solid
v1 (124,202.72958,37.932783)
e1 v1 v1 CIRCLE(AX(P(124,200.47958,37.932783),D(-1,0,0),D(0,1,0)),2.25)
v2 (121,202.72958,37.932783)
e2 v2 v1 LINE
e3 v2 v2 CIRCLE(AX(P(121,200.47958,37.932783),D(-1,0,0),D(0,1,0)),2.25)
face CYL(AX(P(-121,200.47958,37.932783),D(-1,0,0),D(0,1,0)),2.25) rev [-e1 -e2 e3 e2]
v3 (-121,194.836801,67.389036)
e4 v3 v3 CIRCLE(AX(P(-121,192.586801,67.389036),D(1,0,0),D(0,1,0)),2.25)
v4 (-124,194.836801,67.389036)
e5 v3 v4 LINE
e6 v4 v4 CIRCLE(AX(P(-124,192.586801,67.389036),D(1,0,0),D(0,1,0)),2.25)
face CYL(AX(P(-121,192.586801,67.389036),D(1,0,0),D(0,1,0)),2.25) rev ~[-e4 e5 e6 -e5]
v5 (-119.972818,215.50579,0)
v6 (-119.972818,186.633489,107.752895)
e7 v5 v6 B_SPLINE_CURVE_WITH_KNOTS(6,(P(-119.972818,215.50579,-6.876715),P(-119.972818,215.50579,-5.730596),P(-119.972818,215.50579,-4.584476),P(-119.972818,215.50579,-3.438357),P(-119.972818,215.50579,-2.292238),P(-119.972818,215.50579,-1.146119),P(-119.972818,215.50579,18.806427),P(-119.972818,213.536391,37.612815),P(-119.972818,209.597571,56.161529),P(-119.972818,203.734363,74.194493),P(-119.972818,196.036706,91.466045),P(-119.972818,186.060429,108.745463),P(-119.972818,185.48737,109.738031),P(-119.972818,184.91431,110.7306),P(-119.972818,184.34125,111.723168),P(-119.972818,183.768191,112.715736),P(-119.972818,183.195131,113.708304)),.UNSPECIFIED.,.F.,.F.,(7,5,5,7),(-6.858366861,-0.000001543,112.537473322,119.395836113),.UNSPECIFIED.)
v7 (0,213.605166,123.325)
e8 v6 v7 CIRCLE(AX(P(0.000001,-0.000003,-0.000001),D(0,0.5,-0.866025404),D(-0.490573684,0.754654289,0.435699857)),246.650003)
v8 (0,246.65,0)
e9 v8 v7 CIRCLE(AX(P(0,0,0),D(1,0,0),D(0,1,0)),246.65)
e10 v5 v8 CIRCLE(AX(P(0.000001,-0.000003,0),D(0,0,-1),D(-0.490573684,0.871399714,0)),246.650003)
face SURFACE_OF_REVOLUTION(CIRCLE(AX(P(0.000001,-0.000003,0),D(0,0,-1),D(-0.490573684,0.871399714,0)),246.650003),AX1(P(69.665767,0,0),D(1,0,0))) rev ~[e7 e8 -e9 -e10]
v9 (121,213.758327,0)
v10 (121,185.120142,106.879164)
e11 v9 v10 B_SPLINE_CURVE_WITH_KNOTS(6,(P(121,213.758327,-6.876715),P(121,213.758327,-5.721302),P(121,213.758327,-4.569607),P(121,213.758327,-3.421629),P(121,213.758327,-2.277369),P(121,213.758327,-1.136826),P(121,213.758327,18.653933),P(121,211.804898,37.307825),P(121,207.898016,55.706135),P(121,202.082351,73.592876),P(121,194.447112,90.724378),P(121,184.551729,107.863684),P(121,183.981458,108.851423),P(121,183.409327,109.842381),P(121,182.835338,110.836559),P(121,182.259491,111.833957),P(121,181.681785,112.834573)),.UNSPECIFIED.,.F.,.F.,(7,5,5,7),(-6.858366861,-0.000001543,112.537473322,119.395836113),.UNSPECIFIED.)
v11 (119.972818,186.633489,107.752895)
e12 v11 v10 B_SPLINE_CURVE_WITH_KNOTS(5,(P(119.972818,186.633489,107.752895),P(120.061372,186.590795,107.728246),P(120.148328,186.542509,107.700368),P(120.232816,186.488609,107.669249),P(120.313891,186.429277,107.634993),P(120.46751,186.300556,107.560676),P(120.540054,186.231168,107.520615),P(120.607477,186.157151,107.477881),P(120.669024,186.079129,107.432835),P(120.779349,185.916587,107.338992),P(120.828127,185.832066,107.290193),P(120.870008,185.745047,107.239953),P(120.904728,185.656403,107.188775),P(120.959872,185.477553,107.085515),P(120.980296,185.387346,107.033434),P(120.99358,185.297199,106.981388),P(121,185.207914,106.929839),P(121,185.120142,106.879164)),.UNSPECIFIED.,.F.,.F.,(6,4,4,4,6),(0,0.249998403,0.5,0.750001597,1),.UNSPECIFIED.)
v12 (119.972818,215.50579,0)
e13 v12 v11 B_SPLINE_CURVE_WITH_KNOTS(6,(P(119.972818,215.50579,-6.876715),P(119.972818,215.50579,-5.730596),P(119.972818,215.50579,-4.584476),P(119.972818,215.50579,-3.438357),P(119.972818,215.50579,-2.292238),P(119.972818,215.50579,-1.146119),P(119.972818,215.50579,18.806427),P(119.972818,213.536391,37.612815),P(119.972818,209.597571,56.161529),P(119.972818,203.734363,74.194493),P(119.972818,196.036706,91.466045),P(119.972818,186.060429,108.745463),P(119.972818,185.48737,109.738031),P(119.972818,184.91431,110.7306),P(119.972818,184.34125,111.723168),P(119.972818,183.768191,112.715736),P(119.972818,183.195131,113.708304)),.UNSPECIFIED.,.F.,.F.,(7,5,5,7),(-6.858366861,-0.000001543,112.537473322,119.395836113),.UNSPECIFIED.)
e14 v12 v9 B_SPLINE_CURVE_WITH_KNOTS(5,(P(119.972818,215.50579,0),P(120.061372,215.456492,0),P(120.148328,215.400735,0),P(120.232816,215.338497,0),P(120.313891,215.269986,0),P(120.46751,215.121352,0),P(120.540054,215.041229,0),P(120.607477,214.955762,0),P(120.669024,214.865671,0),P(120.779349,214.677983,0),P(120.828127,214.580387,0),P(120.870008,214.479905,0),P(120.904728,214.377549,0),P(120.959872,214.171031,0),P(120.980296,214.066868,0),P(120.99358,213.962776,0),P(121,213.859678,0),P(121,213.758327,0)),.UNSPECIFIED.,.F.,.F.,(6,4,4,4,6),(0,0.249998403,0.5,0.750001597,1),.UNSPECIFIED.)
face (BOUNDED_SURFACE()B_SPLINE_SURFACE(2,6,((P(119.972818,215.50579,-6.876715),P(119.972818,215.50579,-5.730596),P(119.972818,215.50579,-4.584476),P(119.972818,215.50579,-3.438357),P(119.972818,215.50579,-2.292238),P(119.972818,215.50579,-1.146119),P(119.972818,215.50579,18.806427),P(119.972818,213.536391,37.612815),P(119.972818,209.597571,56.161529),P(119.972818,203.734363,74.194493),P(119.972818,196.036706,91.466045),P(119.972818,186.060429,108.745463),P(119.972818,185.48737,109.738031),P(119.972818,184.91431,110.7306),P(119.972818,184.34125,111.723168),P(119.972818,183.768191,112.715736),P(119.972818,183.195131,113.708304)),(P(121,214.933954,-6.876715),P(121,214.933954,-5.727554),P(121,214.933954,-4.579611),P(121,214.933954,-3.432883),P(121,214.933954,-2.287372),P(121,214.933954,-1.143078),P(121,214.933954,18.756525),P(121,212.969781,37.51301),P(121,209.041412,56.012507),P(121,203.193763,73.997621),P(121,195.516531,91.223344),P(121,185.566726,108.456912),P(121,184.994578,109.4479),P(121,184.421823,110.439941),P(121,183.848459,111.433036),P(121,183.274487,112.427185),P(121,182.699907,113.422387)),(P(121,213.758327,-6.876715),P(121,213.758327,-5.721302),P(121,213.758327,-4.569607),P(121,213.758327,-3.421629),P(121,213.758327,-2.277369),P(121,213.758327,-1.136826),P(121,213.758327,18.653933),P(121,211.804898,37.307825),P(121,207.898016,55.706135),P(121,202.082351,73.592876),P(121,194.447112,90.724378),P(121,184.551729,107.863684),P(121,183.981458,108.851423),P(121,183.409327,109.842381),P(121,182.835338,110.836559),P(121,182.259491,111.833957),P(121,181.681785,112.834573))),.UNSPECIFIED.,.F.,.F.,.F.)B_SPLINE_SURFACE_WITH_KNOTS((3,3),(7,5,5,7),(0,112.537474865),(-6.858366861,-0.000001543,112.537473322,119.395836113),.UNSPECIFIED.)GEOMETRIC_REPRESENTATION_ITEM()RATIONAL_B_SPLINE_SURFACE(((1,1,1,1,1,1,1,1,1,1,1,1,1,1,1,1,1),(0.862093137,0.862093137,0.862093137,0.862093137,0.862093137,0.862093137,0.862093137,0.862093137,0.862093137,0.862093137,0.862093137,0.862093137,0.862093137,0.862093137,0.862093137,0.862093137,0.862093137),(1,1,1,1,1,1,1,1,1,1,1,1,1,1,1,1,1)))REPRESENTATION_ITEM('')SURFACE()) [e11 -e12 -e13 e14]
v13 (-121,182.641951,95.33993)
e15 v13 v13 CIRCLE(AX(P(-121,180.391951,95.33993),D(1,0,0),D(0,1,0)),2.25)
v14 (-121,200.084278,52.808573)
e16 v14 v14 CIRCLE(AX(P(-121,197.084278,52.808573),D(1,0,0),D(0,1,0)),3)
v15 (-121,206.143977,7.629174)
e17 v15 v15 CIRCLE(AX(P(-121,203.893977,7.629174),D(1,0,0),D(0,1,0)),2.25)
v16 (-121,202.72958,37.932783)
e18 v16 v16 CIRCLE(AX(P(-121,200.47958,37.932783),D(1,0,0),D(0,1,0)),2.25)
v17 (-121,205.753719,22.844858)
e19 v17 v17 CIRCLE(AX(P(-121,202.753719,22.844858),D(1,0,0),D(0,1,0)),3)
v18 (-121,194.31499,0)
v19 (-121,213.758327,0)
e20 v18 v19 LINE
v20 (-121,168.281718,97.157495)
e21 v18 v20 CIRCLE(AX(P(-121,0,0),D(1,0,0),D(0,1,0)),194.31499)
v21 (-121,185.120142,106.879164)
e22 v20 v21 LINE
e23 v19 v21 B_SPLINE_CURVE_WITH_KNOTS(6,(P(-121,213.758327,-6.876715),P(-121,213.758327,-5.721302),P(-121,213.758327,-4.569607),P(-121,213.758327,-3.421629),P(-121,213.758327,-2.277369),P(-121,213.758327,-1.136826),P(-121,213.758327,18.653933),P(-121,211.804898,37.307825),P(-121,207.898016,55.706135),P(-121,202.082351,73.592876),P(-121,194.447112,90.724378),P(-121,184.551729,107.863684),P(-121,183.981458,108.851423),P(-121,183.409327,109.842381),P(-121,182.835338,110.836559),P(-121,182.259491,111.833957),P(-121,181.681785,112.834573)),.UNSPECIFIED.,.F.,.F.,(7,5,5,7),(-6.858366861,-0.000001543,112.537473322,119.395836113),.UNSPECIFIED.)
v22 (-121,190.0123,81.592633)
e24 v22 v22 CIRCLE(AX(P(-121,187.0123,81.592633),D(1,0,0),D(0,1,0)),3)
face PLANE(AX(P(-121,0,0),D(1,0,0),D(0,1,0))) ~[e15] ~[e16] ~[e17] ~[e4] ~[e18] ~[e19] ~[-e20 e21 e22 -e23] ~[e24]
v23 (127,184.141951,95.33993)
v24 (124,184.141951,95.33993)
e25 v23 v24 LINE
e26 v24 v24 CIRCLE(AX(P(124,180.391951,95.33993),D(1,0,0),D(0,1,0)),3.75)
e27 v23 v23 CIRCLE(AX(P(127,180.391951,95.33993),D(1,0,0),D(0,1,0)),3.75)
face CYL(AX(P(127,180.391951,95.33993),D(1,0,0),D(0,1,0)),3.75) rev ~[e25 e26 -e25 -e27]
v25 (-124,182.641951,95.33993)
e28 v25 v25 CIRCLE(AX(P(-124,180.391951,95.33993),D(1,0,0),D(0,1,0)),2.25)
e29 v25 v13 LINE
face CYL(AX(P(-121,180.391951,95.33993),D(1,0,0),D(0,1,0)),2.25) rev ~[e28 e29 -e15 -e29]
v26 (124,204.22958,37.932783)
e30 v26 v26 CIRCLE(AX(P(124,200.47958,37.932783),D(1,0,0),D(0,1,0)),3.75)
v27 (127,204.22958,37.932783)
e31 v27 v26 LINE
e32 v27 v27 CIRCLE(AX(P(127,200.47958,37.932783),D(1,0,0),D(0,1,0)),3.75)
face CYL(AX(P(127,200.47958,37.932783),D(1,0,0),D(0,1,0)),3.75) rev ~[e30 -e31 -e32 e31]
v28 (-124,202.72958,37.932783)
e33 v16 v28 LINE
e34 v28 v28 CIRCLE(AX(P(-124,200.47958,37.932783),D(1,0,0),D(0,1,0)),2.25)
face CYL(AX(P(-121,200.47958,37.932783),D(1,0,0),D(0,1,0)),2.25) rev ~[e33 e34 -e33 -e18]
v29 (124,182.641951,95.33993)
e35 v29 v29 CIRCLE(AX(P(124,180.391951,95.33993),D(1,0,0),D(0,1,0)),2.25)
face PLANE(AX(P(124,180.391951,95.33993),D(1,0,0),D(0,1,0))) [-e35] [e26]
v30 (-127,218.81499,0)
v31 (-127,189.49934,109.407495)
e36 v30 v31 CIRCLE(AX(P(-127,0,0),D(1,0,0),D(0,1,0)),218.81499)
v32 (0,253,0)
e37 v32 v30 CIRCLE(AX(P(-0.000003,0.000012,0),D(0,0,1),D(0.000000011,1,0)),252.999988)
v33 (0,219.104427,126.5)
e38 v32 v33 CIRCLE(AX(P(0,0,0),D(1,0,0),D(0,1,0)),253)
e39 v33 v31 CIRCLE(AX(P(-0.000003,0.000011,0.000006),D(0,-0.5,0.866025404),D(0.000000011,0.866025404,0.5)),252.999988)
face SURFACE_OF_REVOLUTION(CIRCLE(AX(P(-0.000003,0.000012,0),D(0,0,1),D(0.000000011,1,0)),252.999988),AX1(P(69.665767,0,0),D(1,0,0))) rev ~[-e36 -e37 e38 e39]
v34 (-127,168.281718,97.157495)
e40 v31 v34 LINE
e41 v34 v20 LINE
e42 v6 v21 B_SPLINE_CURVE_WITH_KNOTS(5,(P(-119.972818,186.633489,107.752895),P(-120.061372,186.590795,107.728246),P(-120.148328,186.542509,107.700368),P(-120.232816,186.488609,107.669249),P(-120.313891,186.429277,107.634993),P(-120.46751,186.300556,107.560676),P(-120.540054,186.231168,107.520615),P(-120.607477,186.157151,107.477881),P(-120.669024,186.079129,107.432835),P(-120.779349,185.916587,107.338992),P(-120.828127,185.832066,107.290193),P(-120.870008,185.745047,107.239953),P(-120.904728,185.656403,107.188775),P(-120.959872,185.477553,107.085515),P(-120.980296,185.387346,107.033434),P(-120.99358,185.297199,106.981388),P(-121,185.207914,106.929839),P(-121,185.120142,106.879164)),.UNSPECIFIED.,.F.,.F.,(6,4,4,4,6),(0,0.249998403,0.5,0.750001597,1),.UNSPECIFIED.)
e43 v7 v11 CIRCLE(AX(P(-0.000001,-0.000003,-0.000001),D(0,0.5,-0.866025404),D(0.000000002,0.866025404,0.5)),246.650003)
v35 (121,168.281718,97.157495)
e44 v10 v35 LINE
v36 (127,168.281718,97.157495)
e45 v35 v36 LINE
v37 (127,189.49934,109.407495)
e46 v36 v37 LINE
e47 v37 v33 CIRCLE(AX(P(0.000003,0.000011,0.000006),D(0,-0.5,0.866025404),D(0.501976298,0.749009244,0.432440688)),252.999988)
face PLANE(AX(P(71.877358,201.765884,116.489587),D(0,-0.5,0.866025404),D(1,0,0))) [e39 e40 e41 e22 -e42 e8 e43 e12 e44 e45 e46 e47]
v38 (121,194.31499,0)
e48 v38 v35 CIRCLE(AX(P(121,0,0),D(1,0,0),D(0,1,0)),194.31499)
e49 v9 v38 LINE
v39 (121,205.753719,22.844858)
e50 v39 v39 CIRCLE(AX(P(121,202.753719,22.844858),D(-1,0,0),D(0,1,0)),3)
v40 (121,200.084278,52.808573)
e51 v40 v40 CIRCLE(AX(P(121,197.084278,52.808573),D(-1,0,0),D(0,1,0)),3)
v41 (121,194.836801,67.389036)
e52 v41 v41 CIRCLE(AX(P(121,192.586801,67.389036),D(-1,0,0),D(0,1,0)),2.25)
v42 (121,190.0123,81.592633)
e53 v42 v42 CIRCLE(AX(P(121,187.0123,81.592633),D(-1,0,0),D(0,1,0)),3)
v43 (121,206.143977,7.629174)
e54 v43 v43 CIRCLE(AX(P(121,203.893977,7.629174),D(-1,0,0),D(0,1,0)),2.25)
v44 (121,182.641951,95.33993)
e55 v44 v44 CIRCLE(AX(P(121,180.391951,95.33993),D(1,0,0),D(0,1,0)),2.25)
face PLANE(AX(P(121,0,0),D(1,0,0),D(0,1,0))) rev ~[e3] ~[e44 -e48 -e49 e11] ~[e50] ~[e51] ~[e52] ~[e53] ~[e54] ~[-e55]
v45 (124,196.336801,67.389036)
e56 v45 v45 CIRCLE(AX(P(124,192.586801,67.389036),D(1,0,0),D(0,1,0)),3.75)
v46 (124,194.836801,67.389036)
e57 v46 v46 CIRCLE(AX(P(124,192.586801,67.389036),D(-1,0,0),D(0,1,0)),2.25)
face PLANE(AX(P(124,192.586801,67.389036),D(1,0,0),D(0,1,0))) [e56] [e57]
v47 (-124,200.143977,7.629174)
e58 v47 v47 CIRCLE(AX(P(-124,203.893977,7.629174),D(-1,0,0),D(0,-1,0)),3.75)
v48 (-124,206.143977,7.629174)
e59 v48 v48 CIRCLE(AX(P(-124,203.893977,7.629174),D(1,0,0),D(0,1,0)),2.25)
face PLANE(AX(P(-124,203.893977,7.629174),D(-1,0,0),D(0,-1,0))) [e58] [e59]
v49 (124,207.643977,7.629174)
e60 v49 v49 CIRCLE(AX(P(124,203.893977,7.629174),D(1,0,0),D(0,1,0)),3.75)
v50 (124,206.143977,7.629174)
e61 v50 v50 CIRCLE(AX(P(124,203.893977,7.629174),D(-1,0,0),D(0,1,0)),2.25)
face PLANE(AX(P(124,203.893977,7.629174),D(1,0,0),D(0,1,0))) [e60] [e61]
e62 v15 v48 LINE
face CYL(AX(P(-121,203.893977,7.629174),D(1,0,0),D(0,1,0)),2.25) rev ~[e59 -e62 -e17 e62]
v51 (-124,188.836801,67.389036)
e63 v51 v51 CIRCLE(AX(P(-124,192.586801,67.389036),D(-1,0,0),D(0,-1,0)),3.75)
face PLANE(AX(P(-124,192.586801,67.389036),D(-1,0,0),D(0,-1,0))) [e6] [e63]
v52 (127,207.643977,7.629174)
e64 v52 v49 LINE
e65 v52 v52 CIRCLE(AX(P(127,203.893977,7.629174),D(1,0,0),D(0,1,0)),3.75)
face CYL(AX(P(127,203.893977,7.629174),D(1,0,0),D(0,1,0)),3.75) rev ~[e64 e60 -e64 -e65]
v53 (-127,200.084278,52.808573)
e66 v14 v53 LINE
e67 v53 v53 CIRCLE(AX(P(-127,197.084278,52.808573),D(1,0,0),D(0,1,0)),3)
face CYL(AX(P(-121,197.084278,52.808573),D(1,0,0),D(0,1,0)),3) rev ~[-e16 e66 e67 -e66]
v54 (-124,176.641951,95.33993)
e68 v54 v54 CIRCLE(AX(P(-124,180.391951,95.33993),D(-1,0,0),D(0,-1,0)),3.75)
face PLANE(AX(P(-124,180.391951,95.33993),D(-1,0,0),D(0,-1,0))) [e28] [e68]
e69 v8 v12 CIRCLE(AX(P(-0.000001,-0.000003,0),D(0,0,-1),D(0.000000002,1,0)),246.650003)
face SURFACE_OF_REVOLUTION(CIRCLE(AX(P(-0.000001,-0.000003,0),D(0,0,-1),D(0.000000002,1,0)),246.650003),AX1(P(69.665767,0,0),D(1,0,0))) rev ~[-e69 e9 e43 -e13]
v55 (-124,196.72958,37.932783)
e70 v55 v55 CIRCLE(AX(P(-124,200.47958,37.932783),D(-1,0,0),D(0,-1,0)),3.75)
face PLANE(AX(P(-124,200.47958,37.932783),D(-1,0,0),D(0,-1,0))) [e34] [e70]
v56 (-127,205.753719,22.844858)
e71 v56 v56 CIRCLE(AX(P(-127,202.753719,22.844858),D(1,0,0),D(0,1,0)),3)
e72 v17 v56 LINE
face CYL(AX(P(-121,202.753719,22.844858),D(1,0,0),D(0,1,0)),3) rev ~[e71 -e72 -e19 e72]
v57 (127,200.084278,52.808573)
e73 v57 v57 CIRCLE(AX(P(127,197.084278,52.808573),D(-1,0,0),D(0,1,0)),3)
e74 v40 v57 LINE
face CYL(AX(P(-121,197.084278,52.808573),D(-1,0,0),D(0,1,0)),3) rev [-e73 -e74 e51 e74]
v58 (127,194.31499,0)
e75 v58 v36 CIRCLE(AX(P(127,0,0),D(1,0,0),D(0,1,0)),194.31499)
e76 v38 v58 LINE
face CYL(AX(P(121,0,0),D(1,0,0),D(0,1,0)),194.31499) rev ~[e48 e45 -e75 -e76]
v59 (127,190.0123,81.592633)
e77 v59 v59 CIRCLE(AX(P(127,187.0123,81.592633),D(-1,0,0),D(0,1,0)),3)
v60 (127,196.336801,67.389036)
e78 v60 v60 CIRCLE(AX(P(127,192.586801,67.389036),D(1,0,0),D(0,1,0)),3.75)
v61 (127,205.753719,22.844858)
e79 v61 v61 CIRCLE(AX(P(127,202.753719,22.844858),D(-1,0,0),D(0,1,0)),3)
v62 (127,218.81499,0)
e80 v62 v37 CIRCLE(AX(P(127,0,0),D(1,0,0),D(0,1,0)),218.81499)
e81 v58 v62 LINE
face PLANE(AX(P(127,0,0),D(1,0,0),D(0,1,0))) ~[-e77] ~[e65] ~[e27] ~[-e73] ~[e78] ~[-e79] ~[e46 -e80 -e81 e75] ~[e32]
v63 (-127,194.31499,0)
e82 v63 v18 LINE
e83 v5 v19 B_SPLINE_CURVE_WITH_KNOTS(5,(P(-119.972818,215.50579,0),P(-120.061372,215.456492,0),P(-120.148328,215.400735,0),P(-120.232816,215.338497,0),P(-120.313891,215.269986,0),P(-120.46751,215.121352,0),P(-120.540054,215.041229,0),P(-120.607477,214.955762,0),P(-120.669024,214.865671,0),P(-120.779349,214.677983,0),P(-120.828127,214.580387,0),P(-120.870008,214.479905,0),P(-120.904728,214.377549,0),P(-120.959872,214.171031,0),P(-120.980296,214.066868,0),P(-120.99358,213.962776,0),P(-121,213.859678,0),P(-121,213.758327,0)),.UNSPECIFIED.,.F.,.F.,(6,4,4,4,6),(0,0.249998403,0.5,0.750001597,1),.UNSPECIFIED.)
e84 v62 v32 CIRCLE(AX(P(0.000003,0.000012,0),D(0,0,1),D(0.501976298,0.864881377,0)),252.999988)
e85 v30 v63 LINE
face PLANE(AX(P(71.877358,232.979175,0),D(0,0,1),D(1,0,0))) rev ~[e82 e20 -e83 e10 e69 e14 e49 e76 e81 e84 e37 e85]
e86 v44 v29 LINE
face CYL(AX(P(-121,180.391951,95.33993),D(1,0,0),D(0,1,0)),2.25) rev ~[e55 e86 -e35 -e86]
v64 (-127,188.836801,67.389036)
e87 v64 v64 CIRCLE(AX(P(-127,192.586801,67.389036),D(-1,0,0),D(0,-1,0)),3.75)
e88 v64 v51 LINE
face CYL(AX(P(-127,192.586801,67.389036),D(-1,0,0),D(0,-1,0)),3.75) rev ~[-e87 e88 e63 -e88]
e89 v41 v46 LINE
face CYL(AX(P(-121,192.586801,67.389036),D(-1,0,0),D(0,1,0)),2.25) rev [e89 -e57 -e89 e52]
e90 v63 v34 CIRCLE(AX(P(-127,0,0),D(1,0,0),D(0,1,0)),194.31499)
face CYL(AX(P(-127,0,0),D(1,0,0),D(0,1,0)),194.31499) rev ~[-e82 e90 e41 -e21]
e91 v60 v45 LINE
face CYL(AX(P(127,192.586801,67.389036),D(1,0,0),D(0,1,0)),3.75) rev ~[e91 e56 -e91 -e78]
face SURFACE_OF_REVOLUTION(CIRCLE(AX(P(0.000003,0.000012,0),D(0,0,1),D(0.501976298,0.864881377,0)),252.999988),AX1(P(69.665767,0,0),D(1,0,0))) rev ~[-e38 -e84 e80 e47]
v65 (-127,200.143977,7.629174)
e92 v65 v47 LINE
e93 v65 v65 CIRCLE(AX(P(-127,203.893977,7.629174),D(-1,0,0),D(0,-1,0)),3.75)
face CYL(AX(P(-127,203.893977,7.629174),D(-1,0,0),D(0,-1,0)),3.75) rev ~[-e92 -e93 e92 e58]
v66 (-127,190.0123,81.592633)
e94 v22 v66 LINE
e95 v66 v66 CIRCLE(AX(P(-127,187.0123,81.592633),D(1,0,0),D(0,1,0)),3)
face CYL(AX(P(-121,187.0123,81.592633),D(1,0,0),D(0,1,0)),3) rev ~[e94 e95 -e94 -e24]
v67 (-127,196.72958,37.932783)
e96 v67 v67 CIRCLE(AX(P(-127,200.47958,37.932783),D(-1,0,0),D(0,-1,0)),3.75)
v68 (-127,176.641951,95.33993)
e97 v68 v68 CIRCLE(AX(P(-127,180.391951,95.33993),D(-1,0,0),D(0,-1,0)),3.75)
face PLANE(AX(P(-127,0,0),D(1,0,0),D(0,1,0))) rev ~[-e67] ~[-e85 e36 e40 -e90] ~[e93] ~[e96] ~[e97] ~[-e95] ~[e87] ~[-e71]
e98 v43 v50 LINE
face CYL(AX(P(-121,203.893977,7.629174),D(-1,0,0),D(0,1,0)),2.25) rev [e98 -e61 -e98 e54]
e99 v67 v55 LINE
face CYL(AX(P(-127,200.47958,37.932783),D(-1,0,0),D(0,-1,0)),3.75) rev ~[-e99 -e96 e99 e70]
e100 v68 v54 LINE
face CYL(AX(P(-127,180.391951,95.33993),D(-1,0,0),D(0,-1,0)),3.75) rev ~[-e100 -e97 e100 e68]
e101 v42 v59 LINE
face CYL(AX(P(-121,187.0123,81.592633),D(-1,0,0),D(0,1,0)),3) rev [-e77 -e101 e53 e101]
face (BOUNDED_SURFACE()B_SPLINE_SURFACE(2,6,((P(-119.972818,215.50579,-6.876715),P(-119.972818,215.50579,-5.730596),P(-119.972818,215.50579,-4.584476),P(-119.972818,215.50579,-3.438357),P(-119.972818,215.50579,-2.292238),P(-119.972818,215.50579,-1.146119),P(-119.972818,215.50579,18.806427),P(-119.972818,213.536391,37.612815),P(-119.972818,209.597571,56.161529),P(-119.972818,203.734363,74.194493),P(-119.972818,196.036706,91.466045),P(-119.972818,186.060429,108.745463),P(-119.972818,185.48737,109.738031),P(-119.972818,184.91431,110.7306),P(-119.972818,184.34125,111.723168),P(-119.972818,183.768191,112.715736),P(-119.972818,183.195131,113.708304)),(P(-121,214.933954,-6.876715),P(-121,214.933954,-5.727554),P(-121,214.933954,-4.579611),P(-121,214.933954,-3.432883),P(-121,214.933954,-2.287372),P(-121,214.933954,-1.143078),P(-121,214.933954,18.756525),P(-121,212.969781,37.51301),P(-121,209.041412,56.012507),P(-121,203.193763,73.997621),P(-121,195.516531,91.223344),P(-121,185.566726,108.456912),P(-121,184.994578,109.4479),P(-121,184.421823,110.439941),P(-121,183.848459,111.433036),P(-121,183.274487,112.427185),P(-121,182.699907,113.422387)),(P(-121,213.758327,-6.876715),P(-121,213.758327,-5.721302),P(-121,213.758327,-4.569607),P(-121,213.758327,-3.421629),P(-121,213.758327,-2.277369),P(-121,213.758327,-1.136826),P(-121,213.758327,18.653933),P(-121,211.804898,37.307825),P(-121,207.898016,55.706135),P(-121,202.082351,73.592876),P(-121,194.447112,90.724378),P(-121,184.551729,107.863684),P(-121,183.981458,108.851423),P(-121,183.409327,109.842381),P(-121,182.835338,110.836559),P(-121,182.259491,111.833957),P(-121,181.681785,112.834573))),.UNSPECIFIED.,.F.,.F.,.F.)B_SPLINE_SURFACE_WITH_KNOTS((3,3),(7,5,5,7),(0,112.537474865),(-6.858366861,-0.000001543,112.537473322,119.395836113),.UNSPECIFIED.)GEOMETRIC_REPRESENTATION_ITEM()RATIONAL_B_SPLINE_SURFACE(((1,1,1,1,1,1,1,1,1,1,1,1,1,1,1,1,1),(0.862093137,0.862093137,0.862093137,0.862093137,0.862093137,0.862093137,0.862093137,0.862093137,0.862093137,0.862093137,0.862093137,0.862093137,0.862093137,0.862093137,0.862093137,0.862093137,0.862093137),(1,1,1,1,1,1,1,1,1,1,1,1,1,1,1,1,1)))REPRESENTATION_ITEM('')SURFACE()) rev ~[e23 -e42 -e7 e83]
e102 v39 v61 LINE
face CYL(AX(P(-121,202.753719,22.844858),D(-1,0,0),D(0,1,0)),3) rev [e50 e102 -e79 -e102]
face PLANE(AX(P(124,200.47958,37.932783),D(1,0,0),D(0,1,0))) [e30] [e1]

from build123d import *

# Parameters (mm, degrees)
F1_ANGLE = 30
F2_R     = 2
F3_R     = 2
F4_R     = 2.25
F4_R_2   = 3
F5_DEPTH = 424.191445
F6_R     = 3.75
F7_DEPTH = 3
F8_R     = 3.75
F9_DEPTH = 3


with BuildPart() as f1:
    # F0 (on Top) → F1 (revolve)
    with BuildSketch(Plane.XY):
        with BuildLine():
            Line((127, 194.31499), (127, 218.81499))
            ThreePointArc((127, 218.81499), (65.760199, 244.304311), (0, 253))
            Line((0, 253), (0, 246.65))
            ThreePointArc((0, 246.65), (62.544207, 238.588442), (121, 214.930739))
            Line((121, 214.930739), (121, 194.31499))
            Line((121, 194.31499), (127, 194.31499))
        make_face()
        with BuildLine():
            Line((0, 246.65), (0, 253))
            ThreePointArc((0, 253), (-65.760199, 244.304311), (-127, 218.81499))
            Line((-127, 218.81499), (-127, 194.31499))
            Line((-127, 194.31499), (-121, 194.31499))
            Line((-121, 194.31499), (-121, 214.930739))
            ThreePointArc((-121, 214.930739), (-62.544207, 238.588442), (0, 246.65))
        make_face()
    revolve(axis=Axis((69.665767, 0, 0), (1, 0, 0)), revolution_arc=F1_ANGLE)

    # F2
    f2_edges = [f1.edges().sort_by_distance(p)[0] for p in [
        (121, 207.607152, 55.628169),
    ]]
    fillet(f2_edges, radius=F2_R)

    # F3
    f3_edges = [f1.edges().sort_by_distance(p)[0] for p in [
        (-121, 207.607152, 55.628169),
    ]]
    fillet(f3_edges, radius=F3_R)

    # F4 (on face) → F5 (cut, symmetric)
    with BuildSketch(Plane.YZ.offset(-121)):
        with Locations((203.893977, 7.629174)):
            Circle(F4_R)
        with Locations((202.753719, 22.844858)):
            Circle(F4_R_2)
        with Locations((200.47958, 37.932783)):
            Circle(F4_R)
        with Locations((197.084278, 52.808573)):
            Circle(F4_R_2)
        with Locations((192.586801, 67.389036)):
            Circle(F4_R)
        with Locations((187.0123, 81.592633)):
            Circle(F4_R_2)
        with Locations((180.391951, 95.33993)):
            Circle(F4_R)
    extrude(amount=F5_DEPTH, both=True, mode=Mode.SUBTRACT)

    # F6 (on face) → F7 (cut)
    with BuildSketch(Plane.YZ.offset(127)):
        with Locations((203.893977, 7.629174)):
            Circle(F6_R)
        with Locations((200.47958, 37.932783)):
            Circle(F6_R)
        with Locations((192.586801, 67.389036)):
            Circle(F6_R)
        with Locations((180.391951, 95.33993)):
            Circle(F6_R)
    extrude(amount=-F7_DEPTH, mode=Mode.SUBTRACT)

    # F8 (on face) → F9 (cut)
    with BuildSketch(Plane(origin=(-127, 0, 0), x_dir=(0, -1, 0), z_dir=(-1, 0, 0))):
        with Locations((-203.893977, 7.629174)):
            Circle(F8_R)
        with Locations((-200.47958, 37.932783)):
            Circle(F8_R)
        with Locations((-192.586801, 67.389036)):
            Circle(F8_R)
        with Locations((-180.391951, 95.33993)):
            Circle(F8_R)
    extrude(amount=-F9_DEPTH, mode=Mode.SUBTRACT)


solid = f1.part
